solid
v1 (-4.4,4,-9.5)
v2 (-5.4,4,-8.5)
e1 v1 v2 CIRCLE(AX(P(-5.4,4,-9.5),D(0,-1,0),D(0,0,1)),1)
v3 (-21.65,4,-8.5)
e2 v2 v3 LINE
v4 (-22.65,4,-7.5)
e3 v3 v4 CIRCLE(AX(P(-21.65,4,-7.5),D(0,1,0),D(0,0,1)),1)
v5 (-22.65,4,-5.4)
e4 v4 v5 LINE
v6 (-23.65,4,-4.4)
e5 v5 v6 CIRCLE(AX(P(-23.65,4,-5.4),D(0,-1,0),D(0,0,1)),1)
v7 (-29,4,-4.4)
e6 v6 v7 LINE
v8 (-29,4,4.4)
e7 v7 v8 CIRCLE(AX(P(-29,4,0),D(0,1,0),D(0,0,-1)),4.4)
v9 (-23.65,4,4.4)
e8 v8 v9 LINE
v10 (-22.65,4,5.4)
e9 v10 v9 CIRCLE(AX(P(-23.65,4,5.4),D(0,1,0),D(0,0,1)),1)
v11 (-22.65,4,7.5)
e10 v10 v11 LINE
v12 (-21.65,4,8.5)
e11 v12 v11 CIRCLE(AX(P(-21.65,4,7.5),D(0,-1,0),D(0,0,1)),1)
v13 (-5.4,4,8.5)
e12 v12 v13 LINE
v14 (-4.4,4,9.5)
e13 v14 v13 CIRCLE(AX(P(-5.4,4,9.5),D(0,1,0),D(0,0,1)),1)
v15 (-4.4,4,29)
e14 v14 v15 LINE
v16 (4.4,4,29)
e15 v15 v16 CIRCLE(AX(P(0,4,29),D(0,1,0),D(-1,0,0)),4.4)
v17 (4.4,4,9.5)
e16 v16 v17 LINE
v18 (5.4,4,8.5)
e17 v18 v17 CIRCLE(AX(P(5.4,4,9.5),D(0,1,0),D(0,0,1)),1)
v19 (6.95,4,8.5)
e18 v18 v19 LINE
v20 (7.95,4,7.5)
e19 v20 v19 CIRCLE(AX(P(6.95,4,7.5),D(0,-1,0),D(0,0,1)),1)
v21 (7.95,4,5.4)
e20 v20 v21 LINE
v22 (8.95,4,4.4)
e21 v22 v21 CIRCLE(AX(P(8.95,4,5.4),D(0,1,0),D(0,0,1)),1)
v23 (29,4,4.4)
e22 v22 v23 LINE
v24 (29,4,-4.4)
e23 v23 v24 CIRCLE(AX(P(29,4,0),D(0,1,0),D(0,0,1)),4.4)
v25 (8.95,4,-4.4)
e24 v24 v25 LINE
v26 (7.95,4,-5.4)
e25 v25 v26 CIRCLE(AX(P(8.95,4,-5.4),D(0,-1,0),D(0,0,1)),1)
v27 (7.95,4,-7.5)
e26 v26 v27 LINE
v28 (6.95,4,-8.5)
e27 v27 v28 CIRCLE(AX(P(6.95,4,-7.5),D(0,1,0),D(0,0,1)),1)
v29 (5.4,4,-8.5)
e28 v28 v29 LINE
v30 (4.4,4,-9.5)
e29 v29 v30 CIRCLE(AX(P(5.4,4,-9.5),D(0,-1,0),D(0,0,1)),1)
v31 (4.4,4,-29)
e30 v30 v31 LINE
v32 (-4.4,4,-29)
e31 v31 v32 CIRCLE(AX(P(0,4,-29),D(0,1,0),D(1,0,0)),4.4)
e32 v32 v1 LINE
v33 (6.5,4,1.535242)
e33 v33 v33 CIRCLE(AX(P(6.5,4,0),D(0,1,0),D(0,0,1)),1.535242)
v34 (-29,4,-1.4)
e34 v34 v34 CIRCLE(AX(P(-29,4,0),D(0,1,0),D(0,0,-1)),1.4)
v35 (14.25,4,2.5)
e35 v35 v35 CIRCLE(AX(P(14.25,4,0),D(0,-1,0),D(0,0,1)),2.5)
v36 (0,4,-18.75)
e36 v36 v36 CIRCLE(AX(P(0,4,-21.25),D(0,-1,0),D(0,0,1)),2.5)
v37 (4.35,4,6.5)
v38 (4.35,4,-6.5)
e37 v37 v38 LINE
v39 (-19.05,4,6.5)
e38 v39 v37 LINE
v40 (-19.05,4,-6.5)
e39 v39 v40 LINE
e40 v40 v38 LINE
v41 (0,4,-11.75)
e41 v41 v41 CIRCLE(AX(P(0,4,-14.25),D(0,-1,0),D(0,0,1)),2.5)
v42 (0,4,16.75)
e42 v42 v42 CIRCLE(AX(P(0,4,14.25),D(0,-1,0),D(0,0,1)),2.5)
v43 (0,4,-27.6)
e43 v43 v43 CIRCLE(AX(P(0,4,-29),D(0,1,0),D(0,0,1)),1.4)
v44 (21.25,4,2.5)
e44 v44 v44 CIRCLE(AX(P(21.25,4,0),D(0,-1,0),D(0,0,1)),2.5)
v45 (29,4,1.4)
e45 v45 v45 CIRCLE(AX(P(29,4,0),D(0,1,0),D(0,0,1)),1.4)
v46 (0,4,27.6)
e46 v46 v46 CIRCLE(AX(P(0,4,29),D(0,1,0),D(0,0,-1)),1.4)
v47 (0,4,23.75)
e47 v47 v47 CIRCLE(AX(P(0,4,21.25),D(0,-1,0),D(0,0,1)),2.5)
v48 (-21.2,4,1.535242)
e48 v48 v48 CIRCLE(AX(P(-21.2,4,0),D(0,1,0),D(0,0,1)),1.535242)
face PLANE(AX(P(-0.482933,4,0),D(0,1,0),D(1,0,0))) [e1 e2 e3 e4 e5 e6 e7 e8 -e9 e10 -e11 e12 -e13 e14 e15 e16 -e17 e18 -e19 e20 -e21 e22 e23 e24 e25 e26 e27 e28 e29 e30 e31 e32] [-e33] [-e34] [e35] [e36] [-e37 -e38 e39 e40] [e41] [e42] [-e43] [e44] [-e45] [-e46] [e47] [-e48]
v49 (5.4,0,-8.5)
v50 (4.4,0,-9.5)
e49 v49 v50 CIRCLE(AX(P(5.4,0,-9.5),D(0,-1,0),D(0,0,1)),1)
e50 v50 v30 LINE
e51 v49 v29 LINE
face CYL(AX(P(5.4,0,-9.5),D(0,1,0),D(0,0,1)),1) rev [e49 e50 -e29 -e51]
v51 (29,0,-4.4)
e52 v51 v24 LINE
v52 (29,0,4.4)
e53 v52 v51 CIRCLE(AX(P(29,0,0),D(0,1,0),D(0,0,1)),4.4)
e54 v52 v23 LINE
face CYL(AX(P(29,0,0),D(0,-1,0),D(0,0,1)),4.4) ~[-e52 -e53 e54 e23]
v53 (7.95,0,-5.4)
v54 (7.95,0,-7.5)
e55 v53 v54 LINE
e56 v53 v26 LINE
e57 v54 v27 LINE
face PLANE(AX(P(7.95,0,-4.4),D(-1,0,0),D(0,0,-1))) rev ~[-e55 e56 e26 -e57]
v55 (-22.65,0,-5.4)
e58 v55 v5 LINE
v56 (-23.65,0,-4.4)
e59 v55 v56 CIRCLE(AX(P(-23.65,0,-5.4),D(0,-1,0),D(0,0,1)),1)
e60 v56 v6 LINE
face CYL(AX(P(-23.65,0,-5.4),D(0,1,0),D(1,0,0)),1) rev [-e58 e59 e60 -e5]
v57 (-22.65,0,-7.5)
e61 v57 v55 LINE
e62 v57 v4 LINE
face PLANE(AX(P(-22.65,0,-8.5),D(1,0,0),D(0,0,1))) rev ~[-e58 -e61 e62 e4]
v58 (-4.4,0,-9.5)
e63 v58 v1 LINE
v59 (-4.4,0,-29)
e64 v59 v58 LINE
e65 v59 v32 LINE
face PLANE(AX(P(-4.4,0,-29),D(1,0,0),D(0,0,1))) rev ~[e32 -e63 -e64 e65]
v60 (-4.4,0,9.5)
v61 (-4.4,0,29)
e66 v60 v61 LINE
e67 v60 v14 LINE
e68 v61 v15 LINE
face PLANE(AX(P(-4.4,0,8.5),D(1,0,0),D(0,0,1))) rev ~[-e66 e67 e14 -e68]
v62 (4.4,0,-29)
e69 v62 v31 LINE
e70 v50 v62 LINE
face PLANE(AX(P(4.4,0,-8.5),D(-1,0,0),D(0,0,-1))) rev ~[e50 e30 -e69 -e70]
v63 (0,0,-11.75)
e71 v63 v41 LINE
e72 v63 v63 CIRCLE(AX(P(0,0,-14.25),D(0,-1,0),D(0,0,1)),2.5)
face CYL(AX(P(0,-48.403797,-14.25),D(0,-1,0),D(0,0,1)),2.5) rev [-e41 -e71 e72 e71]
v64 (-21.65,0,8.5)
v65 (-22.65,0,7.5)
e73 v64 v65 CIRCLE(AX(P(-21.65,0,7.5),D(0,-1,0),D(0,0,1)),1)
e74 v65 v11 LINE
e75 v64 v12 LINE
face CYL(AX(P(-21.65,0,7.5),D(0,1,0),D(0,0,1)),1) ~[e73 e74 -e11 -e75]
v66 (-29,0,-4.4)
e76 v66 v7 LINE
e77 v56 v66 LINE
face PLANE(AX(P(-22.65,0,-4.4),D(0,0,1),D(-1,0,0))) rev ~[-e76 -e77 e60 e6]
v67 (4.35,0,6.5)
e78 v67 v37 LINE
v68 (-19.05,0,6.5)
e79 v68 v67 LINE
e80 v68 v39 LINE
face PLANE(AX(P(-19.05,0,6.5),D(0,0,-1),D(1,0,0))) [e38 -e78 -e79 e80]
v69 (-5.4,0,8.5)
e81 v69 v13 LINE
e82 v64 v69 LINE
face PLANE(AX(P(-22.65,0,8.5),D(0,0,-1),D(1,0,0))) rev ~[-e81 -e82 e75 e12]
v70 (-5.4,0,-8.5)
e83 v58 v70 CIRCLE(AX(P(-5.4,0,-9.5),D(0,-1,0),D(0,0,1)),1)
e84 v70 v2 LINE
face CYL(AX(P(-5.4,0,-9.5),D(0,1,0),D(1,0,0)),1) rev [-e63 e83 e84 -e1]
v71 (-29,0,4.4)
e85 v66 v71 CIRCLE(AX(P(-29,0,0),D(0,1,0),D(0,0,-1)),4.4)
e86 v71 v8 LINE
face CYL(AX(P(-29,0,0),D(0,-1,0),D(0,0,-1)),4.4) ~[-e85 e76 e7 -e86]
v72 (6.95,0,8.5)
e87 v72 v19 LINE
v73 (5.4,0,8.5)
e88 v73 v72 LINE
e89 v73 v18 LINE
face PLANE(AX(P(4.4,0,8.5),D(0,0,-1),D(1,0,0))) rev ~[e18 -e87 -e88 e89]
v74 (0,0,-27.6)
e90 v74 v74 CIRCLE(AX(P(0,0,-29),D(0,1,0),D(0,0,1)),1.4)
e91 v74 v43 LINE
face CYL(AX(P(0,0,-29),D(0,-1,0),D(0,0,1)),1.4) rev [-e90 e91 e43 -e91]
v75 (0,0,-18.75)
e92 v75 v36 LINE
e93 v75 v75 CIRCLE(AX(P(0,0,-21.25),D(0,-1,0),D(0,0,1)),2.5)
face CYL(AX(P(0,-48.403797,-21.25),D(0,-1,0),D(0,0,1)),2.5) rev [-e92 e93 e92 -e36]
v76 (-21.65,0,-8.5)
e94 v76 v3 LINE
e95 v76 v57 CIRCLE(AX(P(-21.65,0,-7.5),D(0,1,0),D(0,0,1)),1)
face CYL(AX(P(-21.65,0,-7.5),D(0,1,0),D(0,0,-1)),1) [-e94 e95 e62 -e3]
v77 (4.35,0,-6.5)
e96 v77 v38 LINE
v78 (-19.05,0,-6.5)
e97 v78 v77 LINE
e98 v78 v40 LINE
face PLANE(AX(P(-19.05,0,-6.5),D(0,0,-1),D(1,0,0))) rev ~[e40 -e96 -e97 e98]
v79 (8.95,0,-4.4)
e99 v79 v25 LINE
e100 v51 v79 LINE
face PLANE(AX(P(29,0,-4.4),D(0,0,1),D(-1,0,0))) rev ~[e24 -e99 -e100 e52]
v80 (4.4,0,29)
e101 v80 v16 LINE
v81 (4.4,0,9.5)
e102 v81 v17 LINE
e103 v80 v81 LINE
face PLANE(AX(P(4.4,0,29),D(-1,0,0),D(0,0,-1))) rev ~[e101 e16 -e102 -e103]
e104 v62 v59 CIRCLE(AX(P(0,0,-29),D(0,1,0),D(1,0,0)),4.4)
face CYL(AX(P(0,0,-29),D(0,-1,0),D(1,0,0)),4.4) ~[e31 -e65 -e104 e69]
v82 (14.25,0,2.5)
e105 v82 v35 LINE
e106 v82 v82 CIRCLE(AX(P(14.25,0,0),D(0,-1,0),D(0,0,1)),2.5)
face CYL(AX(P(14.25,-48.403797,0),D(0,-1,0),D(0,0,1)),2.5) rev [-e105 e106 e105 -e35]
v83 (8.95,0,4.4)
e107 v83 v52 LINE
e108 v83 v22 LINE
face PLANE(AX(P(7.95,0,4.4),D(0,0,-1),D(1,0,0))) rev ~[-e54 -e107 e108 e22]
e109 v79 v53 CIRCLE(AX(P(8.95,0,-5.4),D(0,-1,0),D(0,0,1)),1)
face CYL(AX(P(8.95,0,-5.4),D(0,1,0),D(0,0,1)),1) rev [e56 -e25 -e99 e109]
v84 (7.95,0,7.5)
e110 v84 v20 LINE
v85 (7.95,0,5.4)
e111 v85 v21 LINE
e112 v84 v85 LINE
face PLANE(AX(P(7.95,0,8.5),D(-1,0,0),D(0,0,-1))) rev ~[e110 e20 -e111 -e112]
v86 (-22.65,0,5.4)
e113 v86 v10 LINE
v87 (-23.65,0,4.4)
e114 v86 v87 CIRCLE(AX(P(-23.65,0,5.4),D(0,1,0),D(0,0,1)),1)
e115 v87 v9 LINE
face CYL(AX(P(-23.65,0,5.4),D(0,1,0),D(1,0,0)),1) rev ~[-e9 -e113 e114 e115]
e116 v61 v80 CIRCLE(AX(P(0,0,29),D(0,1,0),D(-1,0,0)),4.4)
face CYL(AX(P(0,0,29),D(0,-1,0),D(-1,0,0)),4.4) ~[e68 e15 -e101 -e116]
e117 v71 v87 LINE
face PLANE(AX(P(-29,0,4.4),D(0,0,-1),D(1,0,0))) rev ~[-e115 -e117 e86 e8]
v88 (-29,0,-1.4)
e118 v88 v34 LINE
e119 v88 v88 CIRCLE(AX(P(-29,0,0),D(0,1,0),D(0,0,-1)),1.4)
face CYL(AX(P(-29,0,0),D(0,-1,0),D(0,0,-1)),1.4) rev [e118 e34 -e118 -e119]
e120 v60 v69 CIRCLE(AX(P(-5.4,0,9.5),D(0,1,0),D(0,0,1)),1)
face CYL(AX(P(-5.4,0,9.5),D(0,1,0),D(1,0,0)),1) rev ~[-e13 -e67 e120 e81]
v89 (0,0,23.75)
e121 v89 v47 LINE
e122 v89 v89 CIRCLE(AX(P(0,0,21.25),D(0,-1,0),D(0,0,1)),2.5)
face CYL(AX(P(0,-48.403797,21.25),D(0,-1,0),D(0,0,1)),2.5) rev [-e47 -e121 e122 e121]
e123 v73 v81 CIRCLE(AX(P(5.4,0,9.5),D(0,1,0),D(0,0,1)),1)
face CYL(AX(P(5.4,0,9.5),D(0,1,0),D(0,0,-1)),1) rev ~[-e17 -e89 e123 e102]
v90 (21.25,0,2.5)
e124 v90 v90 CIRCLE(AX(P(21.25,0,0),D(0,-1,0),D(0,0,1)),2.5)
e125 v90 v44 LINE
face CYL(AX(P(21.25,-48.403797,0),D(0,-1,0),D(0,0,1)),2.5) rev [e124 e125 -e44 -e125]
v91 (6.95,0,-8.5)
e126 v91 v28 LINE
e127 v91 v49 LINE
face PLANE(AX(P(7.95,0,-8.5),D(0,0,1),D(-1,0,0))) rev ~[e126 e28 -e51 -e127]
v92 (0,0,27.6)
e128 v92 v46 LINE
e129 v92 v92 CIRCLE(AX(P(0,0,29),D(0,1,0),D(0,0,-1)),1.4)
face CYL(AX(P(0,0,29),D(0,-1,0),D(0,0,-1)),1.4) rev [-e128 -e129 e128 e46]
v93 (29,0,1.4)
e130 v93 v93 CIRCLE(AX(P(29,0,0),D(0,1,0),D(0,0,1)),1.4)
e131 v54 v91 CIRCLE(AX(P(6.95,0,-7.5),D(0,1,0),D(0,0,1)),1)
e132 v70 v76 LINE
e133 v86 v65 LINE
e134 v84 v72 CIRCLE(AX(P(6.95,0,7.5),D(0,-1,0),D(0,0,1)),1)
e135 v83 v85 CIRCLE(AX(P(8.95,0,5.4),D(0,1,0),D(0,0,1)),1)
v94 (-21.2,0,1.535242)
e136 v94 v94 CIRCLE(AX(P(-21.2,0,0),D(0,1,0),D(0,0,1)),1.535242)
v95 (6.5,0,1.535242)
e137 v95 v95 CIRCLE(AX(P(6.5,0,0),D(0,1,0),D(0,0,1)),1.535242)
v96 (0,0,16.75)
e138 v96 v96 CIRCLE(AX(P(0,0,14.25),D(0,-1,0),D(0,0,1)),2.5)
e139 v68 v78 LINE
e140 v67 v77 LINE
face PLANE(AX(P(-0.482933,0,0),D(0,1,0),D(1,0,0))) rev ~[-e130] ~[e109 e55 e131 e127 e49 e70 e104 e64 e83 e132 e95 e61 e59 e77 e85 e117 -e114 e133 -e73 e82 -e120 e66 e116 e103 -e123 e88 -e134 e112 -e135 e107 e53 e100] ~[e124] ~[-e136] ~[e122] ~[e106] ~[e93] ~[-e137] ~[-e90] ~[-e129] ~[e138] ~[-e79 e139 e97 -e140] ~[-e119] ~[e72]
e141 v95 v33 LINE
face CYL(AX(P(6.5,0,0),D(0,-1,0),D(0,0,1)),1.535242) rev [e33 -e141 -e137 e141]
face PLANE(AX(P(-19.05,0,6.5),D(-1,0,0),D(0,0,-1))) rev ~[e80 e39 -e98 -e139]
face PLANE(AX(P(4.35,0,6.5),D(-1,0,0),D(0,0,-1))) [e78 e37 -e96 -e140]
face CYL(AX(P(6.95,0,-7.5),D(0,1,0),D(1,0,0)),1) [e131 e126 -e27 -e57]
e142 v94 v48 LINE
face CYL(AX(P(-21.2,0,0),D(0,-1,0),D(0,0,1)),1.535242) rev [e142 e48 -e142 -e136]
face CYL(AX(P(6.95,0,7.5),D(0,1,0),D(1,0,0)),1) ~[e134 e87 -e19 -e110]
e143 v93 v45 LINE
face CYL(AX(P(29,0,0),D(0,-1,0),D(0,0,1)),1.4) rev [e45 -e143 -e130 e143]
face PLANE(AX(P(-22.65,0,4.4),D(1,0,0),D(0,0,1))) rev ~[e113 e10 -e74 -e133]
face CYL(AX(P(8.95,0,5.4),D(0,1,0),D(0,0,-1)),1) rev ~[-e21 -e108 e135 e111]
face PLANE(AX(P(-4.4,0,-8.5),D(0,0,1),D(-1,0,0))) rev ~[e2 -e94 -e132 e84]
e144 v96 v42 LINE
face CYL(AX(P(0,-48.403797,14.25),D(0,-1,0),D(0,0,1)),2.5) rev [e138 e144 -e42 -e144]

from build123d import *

# Parameters (mm, degrees)
SKETCH2_R               = 1.4
SKETCH2_R_2             = 1.535241885
SKETCH2_W               = 23.4
SKETCH2_H               = 13
BOSS_EXTRUDE2_DEPTH     = 4
CUT_EXTRUDE3_DEPTH      = 48.403797316
CUT_EXTRUDE3_DEPTH_BACK = 48.403797316
SKETCH3_R               = 2.5
FILLET1_R               = 1


with BuildPart() as part:
    # Sketch2 → Boss-Extrude2 (new body)
    with BuildSketch(Plane(origin=(0, 0, 0), x_dir=(1, 0, 0), z_dir=(0, 1, 0))):
        with BuildLine():
            Line((29, 4.4), (7.95, 4.4))
            Line((7.95, 4.4), (7.95, 8.5))
            Line((7.95, 8.5), (4.4, 8.5))
            Line((4.4, 8.5), (4.4, 29))
            ThreePointArc((4.4, 29), (0, 33.4), (-4.4, 29))
            Line((-4.4, 29), (-4.4, 8.5))
            Line((-4.4, 8.5), (-22.65, 8.5))
            Line((-22.65, 8.5), (-22.65, 4.4))
            Line((-22.65, 4.4), (-29, 4.4))
            ThreePointArc((-29, 4.4), (-33.4, 0), (-29, -4.4))
            Line((-29, -4.4), (-22.65, -4.4))
            Line((-22.65, -4.4), (-22.65, -8.5))
            Line((-22.65, -8.5), (-4.4, -8.5))
            Line((-4.4, -8.5), (-4.4, -29))
            ThreePointArc((-4.4, -29), (0, -33.4), (4.4, -29))
            Line((4.4, -29), (4.4, -8.5))
            Line((4.4, -8.5), (7.95, -8.5))
            Line((7.95, -8.5), (7.95, -4.4))
            Line((7.95, -4.4), (29, -4.4))
            ThreePointArc((29, -4.4), (33.4, 0), (29, 4.4))
        make_face()
        with Locations(Location((0, 29, 0), (0, 0, 270))):
            Circle(SKETCH2_R, mode=Mode.SUBTRACT)
        with Locations(Location((29, 0, 0), (0, 0, 270))):
            Circle(SKETCH2_R, mode=Mode.SUBTRACT)
        with Locations(Location((0, -29, 0), (0, 0, 90))):
            Circle(SKETCH2_R, mode=Mode.SUBTRACT)
        with Locations(Location((-29, 0, 0), (0, 0, 90))):
            Circle(SKETCH2_R, mode=Mode.SUBTRACT)
        with Locations(Location((6.5, 0, 0), (0, 0, 270))):
            Circle(SKETCH2_R_2, mode=Mode.SUBTRACT)
        with Locations(Location((-21.2, 0, 0), (0, 0, 270))):
            Circle(SKETCH2_R_2, mode=Mode.SUBTRACT)
        with Locations((-7.35, 0)):
            Rectangle(SKETCH2_W, SKETCH2_H, mode=Mode.SUBTRACT)
    extrude(amount=BOSS_EXTRUDE2_DEPTH)

    # Sketch3 → Cut-Extrude3 (cut, two sides: drawn at the far end of the back side and taken through both)
    with BuildSketch(Plane(origin=(0, 0, 0), x_dir=(1, 0, 0), z_dir=(0, 1, 0)).offset(-CUT_EXTRUDE3_DEPTH_BACK)):
        with Locations(Location((0, 21.25, 0), (0, 0, 270))):
            Circle(SKETCH3_R)
        with Locations(Location((0, 14.25, 0), (0, 0, 270))):
            Circle(SKETCH3_R)
        with Locations(Location((14.25, 0, 0), (0, 0, 270))):
            Circle(SKETCH3_R)
        with Locations(Location((21.25, 0, 0), (0, 0, 270))):
            Circle(SKETCH3_R)
        with Locations(Location((0, -14.25, 0), (0, 0, 270))):
            Circle(SKETCH3_R)
        with Locations(Location((0, -21.25, 0), (0, 0, 270))):
            Circle(SKETCH3_R)
    extrude(amount=CUT_EXTRUDE3_DEPTH + CUT_EXTRUDE3_DEPTH_BACK, mode=Mode.SUBTRACT)

    # Fillet1
    fillet1_edges = [part.edges().sort_by_distance(p)[0] for p in [
        (7.95, 2, 4.4),
        (7.95, 2, 8.5),
        (4.4, 2, 8.5),
        (-4.4, 2, 8.5),
        (-22.65, 2, 8.5),
        (-22.65, 2, 4.4),
        (-22.65, 2, -4.4),
        (-22.65, 2, -8.5),
        (-4.4, 2, -8.5),
        (4.4, 2, -8.5),
        (7.95, 2, -8.5),
        (7.95, 2, -4.4),
    ]]
    fillet(fillet1_edges, radius=FILLET1_R)


solid = part.part
